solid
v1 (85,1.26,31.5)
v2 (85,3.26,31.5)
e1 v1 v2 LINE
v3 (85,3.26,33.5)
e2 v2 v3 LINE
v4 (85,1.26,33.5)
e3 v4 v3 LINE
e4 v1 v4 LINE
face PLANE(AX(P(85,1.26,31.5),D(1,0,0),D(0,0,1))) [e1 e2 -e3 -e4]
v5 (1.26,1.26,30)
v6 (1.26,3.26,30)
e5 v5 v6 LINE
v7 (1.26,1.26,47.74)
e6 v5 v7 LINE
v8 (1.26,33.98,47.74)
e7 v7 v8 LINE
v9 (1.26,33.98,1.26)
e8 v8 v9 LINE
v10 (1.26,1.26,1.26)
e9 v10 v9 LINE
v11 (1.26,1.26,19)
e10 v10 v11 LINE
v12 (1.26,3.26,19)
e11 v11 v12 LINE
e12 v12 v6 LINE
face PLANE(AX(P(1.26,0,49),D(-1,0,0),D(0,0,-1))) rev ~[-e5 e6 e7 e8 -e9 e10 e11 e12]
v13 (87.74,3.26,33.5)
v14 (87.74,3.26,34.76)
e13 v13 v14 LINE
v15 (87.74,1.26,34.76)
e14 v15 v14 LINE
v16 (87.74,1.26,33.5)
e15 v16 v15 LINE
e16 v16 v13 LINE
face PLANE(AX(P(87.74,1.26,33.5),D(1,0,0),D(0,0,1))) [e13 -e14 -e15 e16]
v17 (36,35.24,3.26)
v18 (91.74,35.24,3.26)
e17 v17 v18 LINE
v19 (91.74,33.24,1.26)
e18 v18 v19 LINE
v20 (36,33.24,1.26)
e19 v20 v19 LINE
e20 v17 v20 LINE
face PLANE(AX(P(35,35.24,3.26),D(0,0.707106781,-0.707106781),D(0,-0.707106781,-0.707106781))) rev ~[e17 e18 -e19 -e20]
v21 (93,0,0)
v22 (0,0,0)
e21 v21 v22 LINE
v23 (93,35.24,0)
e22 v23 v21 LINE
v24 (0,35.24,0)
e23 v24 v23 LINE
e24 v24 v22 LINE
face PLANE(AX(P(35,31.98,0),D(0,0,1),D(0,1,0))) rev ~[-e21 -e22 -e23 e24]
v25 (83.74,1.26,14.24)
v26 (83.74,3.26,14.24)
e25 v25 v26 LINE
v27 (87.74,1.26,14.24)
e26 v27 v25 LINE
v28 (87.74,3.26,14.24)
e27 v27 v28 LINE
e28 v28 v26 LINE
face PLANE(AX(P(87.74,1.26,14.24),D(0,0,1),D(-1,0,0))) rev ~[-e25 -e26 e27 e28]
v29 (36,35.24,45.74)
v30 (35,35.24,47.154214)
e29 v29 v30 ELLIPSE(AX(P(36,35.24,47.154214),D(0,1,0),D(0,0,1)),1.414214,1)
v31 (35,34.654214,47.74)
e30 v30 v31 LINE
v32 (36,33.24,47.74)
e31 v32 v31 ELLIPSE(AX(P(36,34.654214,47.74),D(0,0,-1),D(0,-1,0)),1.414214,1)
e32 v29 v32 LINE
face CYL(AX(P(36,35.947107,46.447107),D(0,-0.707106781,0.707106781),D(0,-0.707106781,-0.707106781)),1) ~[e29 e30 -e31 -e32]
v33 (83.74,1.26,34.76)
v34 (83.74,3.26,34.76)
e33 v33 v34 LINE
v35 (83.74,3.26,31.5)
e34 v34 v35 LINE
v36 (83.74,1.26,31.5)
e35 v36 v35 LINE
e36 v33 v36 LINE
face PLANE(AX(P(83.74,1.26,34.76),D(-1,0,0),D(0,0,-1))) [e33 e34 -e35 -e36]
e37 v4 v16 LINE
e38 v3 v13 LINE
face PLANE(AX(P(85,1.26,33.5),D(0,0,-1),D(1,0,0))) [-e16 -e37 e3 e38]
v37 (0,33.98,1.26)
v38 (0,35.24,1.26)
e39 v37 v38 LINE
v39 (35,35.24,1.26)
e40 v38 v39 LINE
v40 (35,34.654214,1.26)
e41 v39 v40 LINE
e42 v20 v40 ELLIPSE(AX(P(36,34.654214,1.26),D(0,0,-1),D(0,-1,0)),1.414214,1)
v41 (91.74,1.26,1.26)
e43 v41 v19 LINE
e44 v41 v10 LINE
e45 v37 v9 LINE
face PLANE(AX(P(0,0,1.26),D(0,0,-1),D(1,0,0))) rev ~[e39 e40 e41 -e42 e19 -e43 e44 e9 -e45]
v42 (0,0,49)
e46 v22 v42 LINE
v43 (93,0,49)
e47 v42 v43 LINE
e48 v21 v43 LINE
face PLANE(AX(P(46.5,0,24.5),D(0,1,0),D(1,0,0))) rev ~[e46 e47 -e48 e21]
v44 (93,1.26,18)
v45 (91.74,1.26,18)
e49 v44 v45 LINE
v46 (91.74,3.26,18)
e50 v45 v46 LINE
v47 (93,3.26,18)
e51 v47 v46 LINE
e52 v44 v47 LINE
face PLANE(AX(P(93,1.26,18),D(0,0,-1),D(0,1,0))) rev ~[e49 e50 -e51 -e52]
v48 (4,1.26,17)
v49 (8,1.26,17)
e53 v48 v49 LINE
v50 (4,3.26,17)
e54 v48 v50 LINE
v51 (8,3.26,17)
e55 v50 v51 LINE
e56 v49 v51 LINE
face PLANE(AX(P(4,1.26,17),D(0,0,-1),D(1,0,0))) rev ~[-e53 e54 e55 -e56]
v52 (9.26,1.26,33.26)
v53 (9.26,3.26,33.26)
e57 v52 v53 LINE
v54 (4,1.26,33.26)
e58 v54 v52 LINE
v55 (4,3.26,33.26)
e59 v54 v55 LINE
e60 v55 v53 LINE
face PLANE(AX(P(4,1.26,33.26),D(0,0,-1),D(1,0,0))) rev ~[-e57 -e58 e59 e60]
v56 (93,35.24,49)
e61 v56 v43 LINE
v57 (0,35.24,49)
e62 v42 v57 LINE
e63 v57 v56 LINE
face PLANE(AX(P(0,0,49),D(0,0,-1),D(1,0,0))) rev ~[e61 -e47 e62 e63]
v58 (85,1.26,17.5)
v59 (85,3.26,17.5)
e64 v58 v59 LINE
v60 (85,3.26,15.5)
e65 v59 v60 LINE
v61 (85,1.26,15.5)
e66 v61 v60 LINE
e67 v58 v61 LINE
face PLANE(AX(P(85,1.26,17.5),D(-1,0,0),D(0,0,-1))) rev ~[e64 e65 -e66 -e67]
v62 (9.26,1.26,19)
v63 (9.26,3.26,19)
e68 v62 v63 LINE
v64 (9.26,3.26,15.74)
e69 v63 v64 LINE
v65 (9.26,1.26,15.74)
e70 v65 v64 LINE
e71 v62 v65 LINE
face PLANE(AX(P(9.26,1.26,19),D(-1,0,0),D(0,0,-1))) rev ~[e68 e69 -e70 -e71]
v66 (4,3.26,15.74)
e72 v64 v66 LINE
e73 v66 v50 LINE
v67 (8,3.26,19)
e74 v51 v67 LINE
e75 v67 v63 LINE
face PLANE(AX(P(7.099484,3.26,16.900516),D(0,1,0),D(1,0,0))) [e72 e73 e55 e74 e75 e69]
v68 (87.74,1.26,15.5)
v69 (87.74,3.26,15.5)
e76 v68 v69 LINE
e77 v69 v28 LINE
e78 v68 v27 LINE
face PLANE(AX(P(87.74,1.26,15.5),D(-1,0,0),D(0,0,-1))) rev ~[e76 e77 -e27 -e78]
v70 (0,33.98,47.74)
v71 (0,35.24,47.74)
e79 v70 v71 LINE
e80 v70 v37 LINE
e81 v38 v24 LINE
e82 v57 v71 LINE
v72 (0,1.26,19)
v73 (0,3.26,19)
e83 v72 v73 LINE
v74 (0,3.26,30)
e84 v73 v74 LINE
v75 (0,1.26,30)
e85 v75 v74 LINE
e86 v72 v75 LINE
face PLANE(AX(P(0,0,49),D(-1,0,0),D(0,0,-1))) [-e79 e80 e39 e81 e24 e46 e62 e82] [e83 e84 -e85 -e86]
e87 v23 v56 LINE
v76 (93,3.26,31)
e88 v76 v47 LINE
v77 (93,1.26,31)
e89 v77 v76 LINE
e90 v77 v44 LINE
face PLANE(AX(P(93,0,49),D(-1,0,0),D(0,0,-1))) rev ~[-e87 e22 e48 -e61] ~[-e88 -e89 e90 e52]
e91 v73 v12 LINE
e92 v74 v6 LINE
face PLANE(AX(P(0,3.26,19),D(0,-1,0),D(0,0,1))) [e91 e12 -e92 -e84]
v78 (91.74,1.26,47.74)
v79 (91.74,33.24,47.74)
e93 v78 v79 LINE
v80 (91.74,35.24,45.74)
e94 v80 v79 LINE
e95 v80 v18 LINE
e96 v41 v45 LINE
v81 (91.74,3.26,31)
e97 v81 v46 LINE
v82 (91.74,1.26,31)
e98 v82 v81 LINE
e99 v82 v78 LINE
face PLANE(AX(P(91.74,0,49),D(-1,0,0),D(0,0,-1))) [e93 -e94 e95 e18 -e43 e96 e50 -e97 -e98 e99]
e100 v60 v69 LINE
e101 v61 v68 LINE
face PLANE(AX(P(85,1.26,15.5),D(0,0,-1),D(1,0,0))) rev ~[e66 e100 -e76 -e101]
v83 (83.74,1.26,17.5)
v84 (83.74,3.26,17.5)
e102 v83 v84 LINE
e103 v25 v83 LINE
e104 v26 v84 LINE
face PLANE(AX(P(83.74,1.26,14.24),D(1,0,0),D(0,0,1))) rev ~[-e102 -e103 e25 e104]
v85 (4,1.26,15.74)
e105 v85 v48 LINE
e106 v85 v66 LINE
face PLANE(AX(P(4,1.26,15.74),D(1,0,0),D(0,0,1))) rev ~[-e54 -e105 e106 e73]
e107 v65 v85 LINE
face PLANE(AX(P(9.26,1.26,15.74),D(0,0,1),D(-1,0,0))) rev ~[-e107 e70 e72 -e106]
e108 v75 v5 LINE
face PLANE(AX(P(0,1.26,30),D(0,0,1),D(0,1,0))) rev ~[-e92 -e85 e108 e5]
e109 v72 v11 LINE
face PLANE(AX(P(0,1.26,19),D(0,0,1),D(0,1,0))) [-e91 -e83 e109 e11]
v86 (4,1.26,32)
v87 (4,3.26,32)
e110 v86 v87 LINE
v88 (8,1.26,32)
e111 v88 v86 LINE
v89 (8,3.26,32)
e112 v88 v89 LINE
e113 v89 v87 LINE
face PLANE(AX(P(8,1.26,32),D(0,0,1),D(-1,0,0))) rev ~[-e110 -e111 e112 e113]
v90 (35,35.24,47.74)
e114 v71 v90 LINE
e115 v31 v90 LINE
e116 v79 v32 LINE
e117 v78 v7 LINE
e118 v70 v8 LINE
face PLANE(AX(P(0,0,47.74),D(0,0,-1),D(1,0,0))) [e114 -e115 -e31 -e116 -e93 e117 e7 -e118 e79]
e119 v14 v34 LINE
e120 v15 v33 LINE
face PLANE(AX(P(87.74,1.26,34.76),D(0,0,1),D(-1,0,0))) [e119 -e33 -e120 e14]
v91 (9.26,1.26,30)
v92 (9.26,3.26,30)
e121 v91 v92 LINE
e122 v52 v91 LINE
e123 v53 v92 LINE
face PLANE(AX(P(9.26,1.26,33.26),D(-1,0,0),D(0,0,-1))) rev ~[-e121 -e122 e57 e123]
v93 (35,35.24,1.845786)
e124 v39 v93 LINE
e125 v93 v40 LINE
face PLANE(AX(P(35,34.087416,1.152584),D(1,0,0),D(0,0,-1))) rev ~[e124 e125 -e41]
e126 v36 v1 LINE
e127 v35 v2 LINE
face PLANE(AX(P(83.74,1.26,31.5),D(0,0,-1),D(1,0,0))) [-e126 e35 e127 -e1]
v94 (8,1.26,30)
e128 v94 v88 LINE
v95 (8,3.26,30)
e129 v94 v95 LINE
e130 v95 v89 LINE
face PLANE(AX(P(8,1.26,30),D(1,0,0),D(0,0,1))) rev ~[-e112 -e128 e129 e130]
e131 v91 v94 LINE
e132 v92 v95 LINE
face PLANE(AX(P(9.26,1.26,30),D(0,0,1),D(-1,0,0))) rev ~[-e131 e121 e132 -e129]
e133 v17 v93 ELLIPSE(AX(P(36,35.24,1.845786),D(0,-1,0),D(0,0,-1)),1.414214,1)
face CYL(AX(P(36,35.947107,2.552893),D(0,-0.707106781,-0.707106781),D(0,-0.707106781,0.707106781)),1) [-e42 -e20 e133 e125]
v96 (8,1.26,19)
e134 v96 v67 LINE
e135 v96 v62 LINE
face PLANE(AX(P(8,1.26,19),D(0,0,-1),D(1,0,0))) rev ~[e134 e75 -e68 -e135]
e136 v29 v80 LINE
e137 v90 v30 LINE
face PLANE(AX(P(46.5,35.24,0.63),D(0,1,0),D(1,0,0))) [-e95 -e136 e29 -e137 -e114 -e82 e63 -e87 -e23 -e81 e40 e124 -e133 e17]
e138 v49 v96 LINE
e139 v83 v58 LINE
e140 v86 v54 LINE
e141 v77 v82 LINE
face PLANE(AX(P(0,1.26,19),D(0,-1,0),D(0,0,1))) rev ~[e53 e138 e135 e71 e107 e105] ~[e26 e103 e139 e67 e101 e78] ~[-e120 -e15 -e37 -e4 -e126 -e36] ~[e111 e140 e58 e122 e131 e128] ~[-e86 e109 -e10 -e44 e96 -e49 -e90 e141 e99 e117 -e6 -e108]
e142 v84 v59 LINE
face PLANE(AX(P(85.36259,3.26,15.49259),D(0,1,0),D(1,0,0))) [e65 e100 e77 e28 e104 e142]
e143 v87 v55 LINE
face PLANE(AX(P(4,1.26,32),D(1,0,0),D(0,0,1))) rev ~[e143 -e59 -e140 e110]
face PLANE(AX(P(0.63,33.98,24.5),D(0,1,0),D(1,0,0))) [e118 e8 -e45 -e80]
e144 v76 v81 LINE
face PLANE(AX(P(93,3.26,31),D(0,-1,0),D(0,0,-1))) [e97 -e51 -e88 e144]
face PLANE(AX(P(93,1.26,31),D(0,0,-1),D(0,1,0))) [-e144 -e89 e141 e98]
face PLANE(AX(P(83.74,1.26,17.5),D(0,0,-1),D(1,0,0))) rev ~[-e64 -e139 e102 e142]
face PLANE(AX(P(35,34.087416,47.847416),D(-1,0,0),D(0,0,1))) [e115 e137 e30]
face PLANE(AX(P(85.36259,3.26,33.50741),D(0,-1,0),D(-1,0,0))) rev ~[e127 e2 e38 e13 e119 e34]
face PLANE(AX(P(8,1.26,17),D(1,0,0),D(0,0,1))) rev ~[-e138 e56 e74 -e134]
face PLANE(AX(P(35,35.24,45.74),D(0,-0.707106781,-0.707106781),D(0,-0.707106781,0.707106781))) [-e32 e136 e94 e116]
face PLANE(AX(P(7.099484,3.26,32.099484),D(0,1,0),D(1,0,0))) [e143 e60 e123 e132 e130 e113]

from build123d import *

# Parameters (mm, degrees)
ESBO_O1_W                = 93
ESBO_O1_H                = 49
RESSALTO_EXTRUS_O1_DEPTH = 1.26
ESBO_O2_W                = 93
ESBO_O2_H                = 1.26
RESSALTO_EXTRUS_O2_DEPTH = 35.24
ESBO_O3_W                = 1.26
ESBO_O3_H                = 49
RESSALTO_EXTRUS_O4_DEPTH = 35.24
RESSALTO_EXTRUS_O5_START = 35
RESSALTO_EXTRUS_O5_DEPTH = 57
FILETE1_R                = 1
FILETE2_R                = 1
ESBO_O6_W                = 1.26
ESBO_O6_H                = 49
RESSALTO_EXTRUS_O6_DEPTH = 33.98
ESBO_O7_W                = 11
ESBO_O7_H                = 2
CORTE_EXTRUS_O1_DEPTH    = 1.26
ESBO_O8_W                = 13
ESBO_O8_H                = 2
CORTE_EXTRUS_O2_DEPTH    = 1.26
RESSALTO_EXTRUS_O7_DEPTH = 2
RESSALTO_EXTRUS_O8_DEPTH = 2


with BuildPart() as part:
    # Esboço1 → Ressalto-extrusão1 (new body)
    with BuildSketch(Plane(origin=(0, 0, 0), x_dir=(1, 0, 0), z_dir=(0, 1, 0))):
        with Locations((46.5, -24.5)):
            Rectangle(ESBO_O1_W, ESBO_O1_H)
    extrude(amount=RESSALTO_EXTRUS_O1_DEPTH)

    # Esboço2 → Ressalto-extrusão2 (add)
    with BuildSketch(Plane(origin=(0, 0, 0), x_dir=(1, 0, 0), z_dir=(0, 1, 0))):
        with Locations((46.5, -0.63)):
            Rectangle(ESBO_O2_W, ESBO_O2_H)
        with Locations((46.5, -48.37)):
            Rectangle(ESBO_O2_W, ESBO_O2_H)
    extrude(amount=RESSALTO_EXTRUS_O2_DEPTH)

    # Esboço3 → Ressalto-extrusão4 (add)
    with BuildSketch(Plane(origin=(0, 0, 0), x_dir=(1, 0, 0), z_dir=(0, 1, 0))):
        with Locations((92.37, -24.5)):
            Rectangle(ESBO_O3_W, ESBO_O3_H)
    extrude(amount=RESSALTO_EXTRUS_O4_DEPTH)

    # Esboço5 → Ressalto-extrusão5 (add)
    with BuildSketch(Plane(origin=(0, 0, 0), x_dir=(0, 0, -1), z_dir=(1, 0, 0)).offset(RESSALTO_EXTRUS_O5_START)):
        Polygon((0, 35.24), (-3.26, 35.24), (0, 31.98), align=None)
        Polygon((-49, 35.24), (-45.74, 35.24), (-49, 31.98), align=None)
    extrude(amount=RESSALTO_EXTRUS_O5_DEPTH)

    # Filete1
    filete1_edges = [part.edges().sort_by_distance(p)[0] for p in [
        (35, 34.24, 46.74),
    ]]
    fillet(filete1_edges, radius=FILETE1_R)

    # Filete2
    filete2_edges = [part.edges().sort_by_distance(p)[0] for p in [
        (35, 34.24, 2.26),
    ]]
    fillet(filete2_edges, radius=FILETE2_R)

    # Esboço6 → Ressalto-extrusão6 (add)
    with BuildSketch(Plane(origin=(0, 0, 0), x_dir=(1, 0, 0), z_dir=(0, 1, 0))):
        with Locations((0.63, -24.5)):
            Rectangle(ESBO_O6_W, ESBO_O6_H)
    extrude(amount=RESSALTO_EXTRUS_O6_DEPTH)

    # Esboço7 → Corte-extrusão1 (cut)
    with BuildSketch(Plane.ZY):
        with Locations((24.5, 2.26)):
            Rectangle(ESBO_O7_W, ESBO_O7_H)
    extrude(amount=-CORTE_EXTRUS_O1_DEPTH, mode=Mode.SUBTRACT)

    # Esboço8 → Corte-extrusão2 (cut)
    with BuildSketch(Plane(origin=(93, 0, 0), x_dir=(0, 0, -1), z_dir=(1, 0, 0))):
        with Locations((-24.5, 2.26)):
            Rectangle(ESBO_O8_W, ESBO_O8_H)
    extrude(amount=-CORTE_EXTRUS_O2_DEPTH, mode=Mode.SUBTRACT)

    # Esboço10 → Ressalto-extrusão7 (add)
    with BuildSketch(Plane(origin=(0, 1.26, 0), x_dir=(1, 0, 0), z_dir=(0, 1, 0))):
        Polygon((4, -15.74), (4, -17), (8, -17), (8, -19), (9.26, -19), (9.26, -15.74), align=None)
        Polygon((4, -32), (4, -33.26), (9.26, -33.26), (9.26, -30), (8, -30), (8, -32), align=None)
    extrude(amount=RESSALTO_EXTRUS_O7_DEPTH)

    # Esboço11 → Ressalto-extrusão8 (add)
    with BuildSketch(Plane(origin=(0, 1.26, 0), x_dir=(1, 0, 0), z_dir=(0, 1, 0))):
        Polygon((87.74, -14.24), (83.74, -14.24), (83.74, -17.5), (85, -17.5), (85, -15.5), (87.74, -15.5), align=None)
        Polygon((87.74, -33.5), (87.74, -34.76), (83.74, -34.76), (83.74, -31.5), (85, -31.5), (85, -33.5), align=None)
    extrude(amount=RESSALTO_EXTRUS_O8_DEPTH)


solid = part.part
